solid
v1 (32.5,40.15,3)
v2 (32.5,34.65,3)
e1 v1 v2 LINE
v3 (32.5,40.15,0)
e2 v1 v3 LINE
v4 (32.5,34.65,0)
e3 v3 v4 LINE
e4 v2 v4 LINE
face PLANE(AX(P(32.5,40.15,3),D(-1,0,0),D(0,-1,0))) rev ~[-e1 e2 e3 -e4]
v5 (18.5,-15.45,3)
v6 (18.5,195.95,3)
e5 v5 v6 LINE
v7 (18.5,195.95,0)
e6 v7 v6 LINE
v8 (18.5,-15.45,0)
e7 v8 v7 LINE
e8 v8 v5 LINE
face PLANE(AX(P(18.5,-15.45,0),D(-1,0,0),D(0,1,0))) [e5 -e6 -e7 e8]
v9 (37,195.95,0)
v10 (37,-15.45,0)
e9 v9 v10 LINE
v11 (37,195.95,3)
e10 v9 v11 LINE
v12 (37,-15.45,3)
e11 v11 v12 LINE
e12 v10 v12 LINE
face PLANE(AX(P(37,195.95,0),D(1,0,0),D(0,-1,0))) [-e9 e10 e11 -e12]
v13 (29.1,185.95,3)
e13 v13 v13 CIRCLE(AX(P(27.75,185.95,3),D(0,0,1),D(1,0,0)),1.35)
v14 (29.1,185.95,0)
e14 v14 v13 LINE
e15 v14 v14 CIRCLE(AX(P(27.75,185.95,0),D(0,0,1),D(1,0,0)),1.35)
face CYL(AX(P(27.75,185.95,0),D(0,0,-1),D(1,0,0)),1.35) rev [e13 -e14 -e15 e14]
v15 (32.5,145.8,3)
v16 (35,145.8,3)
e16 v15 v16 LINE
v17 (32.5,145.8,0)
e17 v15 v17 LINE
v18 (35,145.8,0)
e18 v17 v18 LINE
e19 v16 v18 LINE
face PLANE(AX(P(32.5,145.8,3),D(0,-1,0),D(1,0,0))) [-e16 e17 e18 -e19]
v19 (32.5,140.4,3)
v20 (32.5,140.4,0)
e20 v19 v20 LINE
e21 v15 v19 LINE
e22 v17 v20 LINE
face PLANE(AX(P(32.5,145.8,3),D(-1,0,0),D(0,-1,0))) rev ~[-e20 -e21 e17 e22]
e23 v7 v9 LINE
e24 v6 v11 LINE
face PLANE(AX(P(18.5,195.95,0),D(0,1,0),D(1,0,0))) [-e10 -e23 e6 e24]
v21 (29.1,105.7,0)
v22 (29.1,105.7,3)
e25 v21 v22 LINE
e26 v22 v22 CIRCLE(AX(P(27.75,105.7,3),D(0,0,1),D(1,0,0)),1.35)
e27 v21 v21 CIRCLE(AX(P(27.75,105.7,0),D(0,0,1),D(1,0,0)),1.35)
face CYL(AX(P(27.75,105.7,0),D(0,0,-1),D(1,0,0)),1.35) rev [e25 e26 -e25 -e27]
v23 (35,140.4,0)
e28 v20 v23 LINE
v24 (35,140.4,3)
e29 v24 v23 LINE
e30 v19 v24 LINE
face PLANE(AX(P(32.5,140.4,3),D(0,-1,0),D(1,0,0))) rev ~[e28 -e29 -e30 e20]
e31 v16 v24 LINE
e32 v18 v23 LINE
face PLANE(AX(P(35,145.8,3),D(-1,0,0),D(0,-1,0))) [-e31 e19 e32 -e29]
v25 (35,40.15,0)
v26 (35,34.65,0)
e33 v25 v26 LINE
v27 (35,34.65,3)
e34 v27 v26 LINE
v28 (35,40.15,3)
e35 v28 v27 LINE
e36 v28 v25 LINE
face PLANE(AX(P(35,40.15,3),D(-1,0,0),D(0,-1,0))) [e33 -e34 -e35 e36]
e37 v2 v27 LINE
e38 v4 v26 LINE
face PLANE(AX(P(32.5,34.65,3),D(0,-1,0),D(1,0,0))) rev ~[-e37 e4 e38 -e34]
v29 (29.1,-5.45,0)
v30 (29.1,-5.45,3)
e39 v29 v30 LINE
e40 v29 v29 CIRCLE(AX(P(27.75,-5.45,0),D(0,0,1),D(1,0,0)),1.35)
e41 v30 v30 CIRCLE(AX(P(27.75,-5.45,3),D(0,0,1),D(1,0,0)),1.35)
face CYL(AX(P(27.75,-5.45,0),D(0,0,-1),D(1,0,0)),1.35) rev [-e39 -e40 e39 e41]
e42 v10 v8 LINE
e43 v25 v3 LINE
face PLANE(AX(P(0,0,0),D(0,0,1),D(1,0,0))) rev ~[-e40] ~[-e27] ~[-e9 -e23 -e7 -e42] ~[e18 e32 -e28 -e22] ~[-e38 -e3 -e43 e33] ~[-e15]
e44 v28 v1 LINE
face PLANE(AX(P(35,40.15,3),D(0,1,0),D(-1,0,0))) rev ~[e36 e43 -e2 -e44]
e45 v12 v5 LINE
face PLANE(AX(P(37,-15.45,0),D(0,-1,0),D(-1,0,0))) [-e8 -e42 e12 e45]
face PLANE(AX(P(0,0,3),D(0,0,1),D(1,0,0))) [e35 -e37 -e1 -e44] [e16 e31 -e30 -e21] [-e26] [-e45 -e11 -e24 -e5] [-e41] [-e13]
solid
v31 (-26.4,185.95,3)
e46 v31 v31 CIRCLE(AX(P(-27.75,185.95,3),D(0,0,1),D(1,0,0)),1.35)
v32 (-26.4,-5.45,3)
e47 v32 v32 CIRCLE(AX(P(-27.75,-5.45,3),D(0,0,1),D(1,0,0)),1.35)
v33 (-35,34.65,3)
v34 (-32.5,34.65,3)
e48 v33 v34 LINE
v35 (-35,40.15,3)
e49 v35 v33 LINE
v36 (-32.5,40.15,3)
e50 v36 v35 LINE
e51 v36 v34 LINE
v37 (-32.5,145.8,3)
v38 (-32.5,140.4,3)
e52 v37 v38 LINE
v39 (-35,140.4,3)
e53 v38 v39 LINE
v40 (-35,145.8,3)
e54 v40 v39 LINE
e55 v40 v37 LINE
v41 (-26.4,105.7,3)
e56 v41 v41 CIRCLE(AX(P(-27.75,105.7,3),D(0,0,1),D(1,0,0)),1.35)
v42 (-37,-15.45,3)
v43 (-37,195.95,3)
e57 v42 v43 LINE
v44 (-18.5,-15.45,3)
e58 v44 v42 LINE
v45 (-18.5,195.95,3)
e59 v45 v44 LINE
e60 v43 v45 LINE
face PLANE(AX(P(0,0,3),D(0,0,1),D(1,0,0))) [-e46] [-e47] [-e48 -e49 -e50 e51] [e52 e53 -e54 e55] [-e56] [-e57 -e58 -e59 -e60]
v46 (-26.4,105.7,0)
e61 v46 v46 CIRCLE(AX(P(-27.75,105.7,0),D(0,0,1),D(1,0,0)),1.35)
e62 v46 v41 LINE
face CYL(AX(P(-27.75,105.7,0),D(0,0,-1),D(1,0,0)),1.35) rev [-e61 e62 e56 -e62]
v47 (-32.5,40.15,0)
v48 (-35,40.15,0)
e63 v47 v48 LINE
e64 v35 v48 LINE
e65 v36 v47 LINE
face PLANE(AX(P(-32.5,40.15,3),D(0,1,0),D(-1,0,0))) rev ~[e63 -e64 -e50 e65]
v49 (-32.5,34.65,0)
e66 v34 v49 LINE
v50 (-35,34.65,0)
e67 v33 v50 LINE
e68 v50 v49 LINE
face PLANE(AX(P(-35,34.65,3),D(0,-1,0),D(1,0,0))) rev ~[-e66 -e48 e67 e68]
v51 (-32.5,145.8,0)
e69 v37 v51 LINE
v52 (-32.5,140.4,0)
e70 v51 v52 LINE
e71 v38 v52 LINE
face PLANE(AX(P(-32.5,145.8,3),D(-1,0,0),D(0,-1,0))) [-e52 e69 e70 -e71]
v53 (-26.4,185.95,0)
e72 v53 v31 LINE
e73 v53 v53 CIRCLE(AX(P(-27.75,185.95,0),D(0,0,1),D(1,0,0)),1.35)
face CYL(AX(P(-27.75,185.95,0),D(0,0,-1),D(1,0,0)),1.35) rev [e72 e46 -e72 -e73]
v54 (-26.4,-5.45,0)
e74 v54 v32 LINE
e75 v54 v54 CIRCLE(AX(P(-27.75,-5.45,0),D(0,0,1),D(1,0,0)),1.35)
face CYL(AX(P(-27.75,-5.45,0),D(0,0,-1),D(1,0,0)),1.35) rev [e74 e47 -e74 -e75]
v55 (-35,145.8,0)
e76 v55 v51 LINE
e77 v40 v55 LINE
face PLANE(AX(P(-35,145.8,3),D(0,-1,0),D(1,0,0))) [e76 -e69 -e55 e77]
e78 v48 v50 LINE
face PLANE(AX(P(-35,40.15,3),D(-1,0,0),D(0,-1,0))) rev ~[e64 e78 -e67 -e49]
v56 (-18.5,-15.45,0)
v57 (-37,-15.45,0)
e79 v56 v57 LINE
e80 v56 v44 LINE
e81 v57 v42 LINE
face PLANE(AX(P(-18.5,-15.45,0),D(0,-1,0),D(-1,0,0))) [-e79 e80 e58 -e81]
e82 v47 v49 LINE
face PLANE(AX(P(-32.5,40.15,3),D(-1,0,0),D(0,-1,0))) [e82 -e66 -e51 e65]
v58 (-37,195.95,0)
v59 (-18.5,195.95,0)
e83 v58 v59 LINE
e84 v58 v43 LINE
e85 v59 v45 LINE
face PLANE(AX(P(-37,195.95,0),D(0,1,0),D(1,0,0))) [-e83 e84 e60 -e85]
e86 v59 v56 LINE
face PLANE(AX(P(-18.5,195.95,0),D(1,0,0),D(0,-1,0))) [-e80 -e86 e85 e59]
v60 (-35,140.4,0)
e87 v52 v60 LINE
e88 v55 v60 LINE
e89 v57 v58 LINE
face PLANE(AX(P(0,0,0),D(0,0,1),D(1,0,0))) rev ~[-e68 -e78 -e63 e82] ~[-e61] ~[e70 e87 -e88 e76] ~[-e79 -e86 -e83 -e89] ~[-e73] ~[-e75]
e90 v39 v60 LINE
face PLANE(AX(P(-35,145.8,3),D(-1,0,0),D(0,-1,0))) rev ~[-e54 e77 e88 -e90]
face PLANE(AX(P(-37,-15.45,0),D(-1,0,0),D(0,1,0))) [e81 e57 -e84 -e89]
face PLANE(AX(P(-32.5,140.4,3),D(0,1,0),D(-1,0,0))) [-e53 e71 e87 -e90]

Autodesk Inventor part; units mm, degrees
ref_plane "YZ Plane" through (0, 0, 0) normal (1, 0, 0) x (0, 1, 0)
ref_plane "XZ Plane" through (0, 0, 0) normal (0, 1, 0) x (-1, 0, 0)
ref_plane "XY Plane" through (0, 0, 0) normal (0, 0, 1) x (1, 0, 0)
sketch "Sketch1" plane through (0, 0, 0) normal (0, 0, 1) x (1, 0, 0)
  line L0 (-18.5, 195.95) -> (18.5, 195.95) construction
  line L1 (18.5, 195.95) -> (18.5, -15.45) construction
  line L2 (18.5, -15.45) -> (-18.5, -15.45) construction
  line L3 (-18.5, -15.45) -> (-18.5, 195.95) construction
  line L4 (-18.5, 195.95) -> (18.5, -15.45) construction
  line L5 (18.5, 195.95) -> (-18.5, -15.45) construction
  line L6 (18.5, 195.95) -> (37, 195.95)
  line L7 (37, 195.95) -> (37, -15.45)
  line L8 (37, -15.45) -> (18.5, -15.45)
  line L9 (18.5, -15.45) -> (18.5, 195.95)
  line L10 (0, -57.73) -> (0, 238.23) construction
  line L11 (-18.5, -15.45) -> (-37, -15.45)
  line L12 (-37, -15.45) -> (-37, 195.95)
  line L13 (-37, 195.95) -> (-18.5, 195.95)
  line L14 (-18.5, 195.95) -> (-18.5, -15.45)
  circle A0 centre (27.75, 185.95) radius 1.35
  circle A1 centre (-27.75, 185.95) radius 1.35
  circle A2 centre (27.75, -5.45) radius 1.35
  circle A3 centre (-27.75, -5.45) radius 1.35
  circle A4 centre (27.75, 105.7) radius 1.35
  circle A5 centre (-27.75, 105.7) radius 1.35
  point P0 (0, 0)
  point P1 (0, 90.25)
  point P2 (0, 90.25)
  dimension "d0" = 37
  dimension "d1" = 211.4
  dimension "d2" = 18.5
  dimension "d3" = 18.5
  dimension "d6" = 2.7
  dimension "d7" = 2.7
  dimension "d8" = 10
  dimension "d9" = 10
  dimension "d10" = 9.25
  dimension "d11" = 9.25
  dimension "d12" = 2.7
  dimension "d13" = 2.7
  dimension "d14" = 10
  dimension "d15" = 10
  dimension "d16" = 9.25
  dimension "d17" = 9.25
  dimension "d18" = 2.7
  dimension "d19" = 2.7
  dimension "d20" = 9.25
  dimension "d21" = 9.25
  dimension "d22" = 90.25
  dimension "d23" = 90.25
extrude "Extrusion1" add sketch "Sketch1" along normal blind 3
sketch "Sketch2" plane through (0, 0, 3) normal (0, 0, 1) x (1, 0, 0)
  line L0 (35, 40.15) -> (32.5, 40.15) projected
  line L1 (32.5, 34.65) -> (35, 34.65) projected
  line L2 (-32.5, 40.15) -> (-35, 40.15) projected
  line L3 (-35, 34.65) -> (-32.5, 34.65) projected
  line L4 (-32.5, 140.4) -> (-35, 140.4) projected
  line L5 (-35, 145.8) -> (-32.5, 145.8) projected
  line L6 (32.5, 145.8) -> (35, 145.8) projected
  line L7 (32.5, 140.4) -> (35, 140.4) projected
  line L8 (35, 145.8) -> (35, 140.4)
  line L9 (37, -15.45) -> (37, 195.95) projected
  line L10 (32.5, 145.8) -> (32.5, 140.4)
  line L11 (-32.5, 145.8) -> (-32.5, 140.4)
  line L12 (-35, 145.8) -> (-35, 140.4)
  line L13 (-32.5, 40.15) -> (-32.5, 34.65)
  line L14 (-35, 40.15) -> (-35, 34.65)
  line L15 (35, 40.15) -> (35, 34.65)
  line L16 (32.5, 40.15) -> (32.5, 34.65)
  point P0 (0, 0)
extrude "Extrusion2" cut sketch "Sketch2" against normal blind 10
equation "\"d2\" = 0.5 * d0"
equation "\"d3\" = d2"
equation "\"d10\" = 0.5 * d3"
equation "\"d11\" = 0.5 * d2"
equation "\"d22\" = d23"
properties part number "axis-holder_front-front"
